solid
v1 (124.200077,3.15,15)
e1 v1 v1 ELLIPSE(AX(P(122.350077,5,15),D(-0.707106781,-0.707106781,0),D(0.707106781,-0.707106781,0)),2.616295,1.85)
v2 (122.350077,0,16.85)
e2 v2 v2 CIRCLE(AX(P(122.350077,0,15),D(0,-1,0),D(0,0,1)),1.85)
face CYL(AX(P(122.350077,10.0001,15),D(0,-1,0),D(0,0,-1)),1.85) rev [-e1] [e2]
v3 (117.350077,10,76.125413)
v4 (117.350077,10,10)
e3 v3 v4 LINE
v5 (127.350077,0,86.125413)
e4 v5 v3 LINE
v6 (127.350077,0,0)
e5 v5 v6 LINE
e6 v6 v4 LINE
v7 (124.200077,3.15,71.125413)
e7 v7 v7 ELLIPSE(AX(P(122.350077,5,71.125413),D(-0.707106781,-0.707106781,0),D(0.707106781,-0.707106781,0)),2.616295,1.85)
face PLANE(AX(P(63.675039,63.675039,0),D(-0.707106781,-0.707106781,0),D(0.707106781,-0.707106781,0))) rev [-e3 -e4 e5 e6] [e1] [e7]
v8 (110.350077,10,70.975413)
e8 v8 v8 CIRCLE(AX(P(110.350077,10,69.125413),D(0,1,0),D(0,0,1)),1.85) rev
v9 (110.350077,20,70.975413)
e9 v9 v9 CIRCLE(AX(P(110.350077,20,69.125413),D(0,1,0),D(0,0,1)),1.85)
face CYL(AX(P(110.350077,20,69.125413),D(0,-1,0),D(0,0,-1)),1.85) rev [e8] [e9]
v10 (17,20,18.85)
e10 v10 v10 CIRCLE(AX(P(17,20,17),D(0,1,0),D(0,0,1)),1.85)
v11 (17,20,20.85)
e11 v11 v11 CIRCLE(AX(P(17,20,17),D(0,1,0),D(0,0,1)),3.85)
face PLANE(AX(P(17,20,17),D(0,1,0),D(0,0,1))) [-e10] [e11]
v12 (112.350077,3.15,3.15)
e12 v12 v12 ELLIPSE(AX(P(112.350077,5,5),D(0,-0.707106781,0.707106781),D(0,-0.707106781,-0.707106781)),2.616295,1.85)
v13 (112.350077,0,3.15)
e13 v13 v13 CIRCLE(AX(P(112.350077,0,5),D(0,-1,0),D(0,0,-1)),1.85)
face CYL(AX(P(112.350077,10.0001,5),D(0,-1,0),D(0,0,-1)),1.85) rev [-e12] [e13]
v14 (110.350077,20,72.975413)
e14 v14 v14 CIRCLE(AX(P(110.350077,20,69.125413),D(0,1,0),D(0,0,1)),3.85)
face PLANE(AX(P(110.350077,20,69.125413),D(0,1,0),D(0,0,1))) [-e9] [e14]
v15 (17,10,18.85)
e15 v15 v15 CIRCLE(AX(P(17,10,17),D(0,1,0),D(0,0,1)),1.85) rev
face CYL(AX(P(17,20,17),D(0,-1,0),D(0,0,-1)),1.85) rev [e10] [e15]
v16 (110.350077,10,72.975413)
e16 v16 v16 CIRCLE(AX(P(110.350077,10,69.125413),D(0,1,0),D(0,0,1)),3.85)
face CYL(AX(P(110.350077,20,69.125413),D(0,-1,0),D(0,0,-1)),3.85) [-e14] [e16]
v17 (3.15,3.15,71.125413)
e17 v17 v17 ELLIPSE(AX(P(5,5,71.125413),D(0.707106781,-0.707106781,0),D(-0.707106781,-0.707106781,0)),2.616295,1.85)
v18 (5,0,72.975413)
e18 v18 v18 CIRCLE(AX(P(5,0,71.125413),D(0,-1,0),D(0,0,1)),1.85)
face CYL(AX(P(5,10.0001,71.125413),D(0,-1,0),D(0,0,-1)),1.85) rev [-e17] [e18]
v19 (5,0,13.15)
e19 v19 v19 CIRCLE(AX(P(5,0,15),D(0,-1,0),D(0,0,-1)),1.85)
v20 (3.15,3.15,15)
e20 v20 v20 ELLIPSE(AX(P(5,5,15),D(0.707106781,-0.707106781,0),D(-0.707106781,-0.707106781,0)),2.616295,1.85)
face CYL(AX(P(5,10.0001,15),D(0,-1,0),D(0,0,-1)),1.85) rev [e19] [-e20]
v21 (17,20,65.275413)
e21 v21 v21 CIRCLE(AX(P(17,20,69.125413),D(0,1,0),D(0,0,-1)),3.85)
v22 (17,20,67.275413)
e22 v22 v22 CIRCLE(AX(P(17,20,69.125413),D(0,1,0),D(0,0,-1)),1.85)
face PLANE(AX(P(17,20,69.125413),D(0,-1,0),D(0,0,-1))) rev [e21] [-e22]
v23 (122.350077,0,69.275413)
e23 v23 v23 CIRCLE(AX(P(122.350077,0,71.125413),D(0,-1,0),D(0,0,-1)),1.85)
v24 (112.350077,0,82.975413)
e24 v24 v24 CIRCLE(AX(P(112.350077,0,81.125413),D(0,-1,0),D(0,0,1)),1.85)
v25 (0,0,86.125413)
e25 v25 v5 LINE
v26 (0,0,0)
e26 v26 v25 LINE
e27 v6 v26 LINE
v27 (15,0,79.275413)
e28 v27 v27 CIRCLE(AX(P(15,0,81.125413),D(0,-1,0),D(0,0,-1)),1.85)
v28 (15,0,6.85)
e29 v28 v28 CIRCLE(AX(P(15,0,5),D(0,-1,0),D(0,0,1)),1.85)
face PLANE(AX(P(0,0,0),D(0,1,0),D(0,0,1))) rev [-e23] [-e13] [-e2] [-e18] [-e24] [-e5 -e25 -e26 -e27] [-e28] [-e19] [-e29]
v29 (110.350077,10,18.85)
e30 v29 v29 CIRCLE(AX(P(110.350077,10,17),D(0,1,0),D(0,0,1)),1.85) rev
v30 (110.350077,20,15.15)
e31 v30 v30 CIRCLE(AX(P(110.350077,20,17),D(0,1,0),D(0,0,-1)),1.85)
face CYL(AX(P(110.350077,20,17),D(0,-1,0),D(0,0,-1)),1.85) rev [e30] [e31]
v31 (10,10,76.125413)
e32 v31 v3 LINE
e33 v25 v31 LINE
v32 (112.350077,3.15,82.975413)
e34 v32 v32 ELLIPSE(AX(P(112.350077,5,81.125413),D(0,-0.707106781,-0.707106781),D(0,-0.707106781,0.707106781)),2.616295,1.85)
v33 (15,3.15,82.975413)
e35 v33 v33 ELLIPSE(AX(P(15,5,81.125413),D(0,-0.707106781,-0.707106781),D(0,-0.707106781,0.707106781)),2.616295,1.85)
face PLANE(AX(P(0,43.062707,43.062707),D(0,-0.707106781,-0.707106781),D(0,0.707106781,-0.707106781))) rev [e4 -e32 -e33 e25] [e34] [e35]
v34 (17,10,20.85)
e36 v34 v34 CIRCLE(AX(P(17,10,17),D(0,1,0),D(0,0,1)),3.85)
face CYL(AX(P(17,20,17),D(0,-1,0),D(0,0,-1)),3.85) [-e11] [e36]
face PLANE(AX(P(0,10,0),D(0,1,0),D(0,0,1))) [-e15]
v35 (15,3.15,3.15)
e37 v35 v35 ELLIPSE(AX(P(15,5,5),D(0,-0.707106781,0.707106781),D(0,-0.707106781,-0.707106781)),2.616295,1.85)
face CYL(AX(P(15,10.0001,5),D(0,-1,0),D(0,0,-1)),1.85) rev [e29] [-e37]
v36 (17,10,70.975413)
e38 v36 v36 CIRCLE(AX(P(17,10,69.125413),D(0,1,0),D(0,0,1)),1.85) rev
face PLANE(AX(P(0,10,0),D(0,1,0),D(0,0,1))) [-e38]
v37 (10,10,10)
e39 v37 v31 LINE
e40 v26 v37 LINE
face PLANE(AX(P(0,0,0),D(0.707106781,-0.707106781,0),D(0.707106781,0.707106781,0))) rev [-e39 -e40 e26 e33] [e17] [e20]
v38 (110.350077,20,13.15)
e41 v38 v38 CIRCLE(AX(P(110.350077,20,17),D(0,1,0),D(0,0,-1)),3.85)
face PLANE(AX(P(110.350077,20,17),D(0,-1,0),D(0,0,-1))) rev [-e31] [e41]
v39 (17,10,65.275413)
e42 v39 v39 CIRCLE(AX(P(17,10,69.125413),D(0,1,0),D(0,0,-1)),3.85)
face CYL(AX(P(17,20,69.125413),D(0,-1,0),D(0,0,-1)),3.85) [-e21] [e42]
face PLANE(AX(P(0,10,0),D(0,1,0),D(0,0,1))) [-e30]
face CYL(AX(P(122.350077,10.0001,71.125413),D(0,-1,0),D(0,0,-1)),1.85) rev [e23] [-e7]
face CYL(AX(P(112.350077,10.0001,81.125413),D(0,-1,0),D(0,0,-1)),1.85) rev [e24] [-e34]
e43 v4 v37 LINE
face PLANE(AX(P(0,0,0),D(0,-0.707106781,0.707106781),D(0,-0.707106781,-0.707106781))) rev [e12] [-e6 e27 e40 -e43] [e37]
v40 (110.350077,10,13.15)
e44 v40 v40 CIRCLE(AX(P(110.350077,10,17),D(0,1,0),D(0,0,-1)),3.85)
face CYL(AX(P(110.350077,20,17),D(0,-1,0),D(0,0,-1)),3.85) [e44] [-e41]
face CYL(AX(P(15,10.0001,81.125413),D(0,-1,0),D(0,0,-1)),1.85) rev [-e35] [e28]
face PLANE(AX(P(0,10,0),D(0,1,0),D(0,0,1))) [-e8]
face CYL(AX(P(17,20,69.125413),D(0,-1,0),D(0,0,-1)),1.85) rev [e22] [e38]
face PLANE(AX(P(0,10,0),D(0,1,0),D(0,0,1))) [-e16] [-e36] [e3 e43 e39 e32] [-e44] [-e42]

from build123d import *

# Parameters (mm, degrees)
SKETCH3_R           = 1.85
CUT_EXTRUDE1_DEPTH  = 155.06371723
SKETCH4_R           = 3.85
SKETCH4_R_2         = 1.85
BOSS_EXTRUDE1_DEPTH = 10


with BuildPart() as part:
    # Sketch1 → Loft1 section 0
    with BuildSketch(Plane(origin=(0, 0, 0), x_dir=(1, 0, 0), z_dir=(0, 1, 0))):
        with BuildLine():
            Line((0, 0), (127.35007717, 0))
            Line((127.35007717, 0), (127.35007717, -86.125413014))
            Line((127.35007717, -86.125413014), (0, -86.125413014))
            Line((0, -86.125413014), (0, 0))
        make_face()
    # Sketch2 → Loft1 section 1
    with BuildSketch(Plane(origin=(0, 10, 0), x_dir=(1, 0, 0), z_dir=(0, 1, 0))):
        with BuildLine():
            Line((10, -10), (10, -76.125413014))
            Line((10, -76.125413014), (117.35007717, -76.125413014))
            Line((117.35007717, -76.125413014), (117.35007717, -10))
            Line((117.35007717, -10), (10, -10))
        make_face()
    loft()

    # Sketch3 → Cut-Extrude1 (cut, through all)
    with BuildSketch(Plane.XZ):
        with Locations(Location((5, 15, 0), (0, 0, 270))):
            Circle(SKETCH3_R)
        with Locations(Location((5, 71.125413014, 0), (0, 0, 180))):
            Circle(SKETCH3_R)
        with Locations(Location((122.35007717, 71.125413014, 0), (0, 0, 270))):
            Circle(SKETCH3_R)
        with Locations((122.35007717, 15)):
            Circle(SKETCH3_R)
        with Locations(Location((15, 5, 0), (0, 0, 270))):
            Circle(SKETCH3_R)
        with Locations(Location((15, 81.125413014, 0), (0, 0, 270))):
            Circle(SKETCH3_R)
        with Locations(Location((112.35007717, 81.125413014, 0), (0, 0, 90))):
            Circle(SKETCH3_R)
        with Locations(Location((112.35007717, 5, 0), (0, 0, 270))):
            Circle(SKETCH3_R)
    extrude(amount=-CUT_EXTRUDE1_DEPTH, mode=Mode.SUBTRACT)

    # Sketch4 → Boss-Extrude1 (add)
    # profile 1 of 4: a face of its own
    with BuildSketch(Plane(origin=(0, 10, 0), x_dir=(1, 0, 0), z_dir=(0, 1, 0))):
        with Locations(Location((110.35007717, -69.125413014, 0), (0, 0, 270))):
            Circle(SKETCH4_R)
        with Locations(Location((110.35007717, -69.125413014, 0), (0, 0, 270))):
            Circle(SKETCH4_R_2, mode=Mode.SUBTRACT)
    # profile 2 of 4: a face of its own
    with BuildSketch(Plane(origin=(0, 10, 0), x_dir=(1, 0, 0), z_dir=(0, 1, 0))):
        with Locations(Location((110.35007717, -17, 0), (0, 0, 90))):
            Circle(SKETCH4_R)
        with Locations(Location((110.35007717, -17, 0), (0, 0, 90))):
            Circle(SKETCH4_R_2, mode=Mode.SUBTRACT)
    # profile 3 of 4: a face of its own
    with BuildSketch(Plane(origin=(0, 10, 0), x_dir=(1, 0, 0), z_dir=(0, 1, 0))):
        with Locations(Location((17, -17, 0), (0, 0, 270))):
            Circle(SKETCH4_R)
        with Locations(Location((17, -17, 0), (0, 0, 270))):
            Circle(SKETCH4_R_2, mode=Mode.SUBTRACT)
    # profile 4 of 4: a face of its own
    with BuildSketch(Plane(origin=(0, 10, 0), x_dir=(1, 0, 0), z_dir=(0, 1, 0))):
        with Locations(Location((17, -69.125413014, 0), (0, 0, 90))):
            Circle(SKETCH4_R)
        with Locations(Location((17, -69.125413014, 0), (0, 0, 90))):
            Circle(SKETCH4_R_2, mode=Mode.SUBTRACT)
    extrude(amount=BOSS_EXTRUDE1_DEPTH)


solid = part.part
